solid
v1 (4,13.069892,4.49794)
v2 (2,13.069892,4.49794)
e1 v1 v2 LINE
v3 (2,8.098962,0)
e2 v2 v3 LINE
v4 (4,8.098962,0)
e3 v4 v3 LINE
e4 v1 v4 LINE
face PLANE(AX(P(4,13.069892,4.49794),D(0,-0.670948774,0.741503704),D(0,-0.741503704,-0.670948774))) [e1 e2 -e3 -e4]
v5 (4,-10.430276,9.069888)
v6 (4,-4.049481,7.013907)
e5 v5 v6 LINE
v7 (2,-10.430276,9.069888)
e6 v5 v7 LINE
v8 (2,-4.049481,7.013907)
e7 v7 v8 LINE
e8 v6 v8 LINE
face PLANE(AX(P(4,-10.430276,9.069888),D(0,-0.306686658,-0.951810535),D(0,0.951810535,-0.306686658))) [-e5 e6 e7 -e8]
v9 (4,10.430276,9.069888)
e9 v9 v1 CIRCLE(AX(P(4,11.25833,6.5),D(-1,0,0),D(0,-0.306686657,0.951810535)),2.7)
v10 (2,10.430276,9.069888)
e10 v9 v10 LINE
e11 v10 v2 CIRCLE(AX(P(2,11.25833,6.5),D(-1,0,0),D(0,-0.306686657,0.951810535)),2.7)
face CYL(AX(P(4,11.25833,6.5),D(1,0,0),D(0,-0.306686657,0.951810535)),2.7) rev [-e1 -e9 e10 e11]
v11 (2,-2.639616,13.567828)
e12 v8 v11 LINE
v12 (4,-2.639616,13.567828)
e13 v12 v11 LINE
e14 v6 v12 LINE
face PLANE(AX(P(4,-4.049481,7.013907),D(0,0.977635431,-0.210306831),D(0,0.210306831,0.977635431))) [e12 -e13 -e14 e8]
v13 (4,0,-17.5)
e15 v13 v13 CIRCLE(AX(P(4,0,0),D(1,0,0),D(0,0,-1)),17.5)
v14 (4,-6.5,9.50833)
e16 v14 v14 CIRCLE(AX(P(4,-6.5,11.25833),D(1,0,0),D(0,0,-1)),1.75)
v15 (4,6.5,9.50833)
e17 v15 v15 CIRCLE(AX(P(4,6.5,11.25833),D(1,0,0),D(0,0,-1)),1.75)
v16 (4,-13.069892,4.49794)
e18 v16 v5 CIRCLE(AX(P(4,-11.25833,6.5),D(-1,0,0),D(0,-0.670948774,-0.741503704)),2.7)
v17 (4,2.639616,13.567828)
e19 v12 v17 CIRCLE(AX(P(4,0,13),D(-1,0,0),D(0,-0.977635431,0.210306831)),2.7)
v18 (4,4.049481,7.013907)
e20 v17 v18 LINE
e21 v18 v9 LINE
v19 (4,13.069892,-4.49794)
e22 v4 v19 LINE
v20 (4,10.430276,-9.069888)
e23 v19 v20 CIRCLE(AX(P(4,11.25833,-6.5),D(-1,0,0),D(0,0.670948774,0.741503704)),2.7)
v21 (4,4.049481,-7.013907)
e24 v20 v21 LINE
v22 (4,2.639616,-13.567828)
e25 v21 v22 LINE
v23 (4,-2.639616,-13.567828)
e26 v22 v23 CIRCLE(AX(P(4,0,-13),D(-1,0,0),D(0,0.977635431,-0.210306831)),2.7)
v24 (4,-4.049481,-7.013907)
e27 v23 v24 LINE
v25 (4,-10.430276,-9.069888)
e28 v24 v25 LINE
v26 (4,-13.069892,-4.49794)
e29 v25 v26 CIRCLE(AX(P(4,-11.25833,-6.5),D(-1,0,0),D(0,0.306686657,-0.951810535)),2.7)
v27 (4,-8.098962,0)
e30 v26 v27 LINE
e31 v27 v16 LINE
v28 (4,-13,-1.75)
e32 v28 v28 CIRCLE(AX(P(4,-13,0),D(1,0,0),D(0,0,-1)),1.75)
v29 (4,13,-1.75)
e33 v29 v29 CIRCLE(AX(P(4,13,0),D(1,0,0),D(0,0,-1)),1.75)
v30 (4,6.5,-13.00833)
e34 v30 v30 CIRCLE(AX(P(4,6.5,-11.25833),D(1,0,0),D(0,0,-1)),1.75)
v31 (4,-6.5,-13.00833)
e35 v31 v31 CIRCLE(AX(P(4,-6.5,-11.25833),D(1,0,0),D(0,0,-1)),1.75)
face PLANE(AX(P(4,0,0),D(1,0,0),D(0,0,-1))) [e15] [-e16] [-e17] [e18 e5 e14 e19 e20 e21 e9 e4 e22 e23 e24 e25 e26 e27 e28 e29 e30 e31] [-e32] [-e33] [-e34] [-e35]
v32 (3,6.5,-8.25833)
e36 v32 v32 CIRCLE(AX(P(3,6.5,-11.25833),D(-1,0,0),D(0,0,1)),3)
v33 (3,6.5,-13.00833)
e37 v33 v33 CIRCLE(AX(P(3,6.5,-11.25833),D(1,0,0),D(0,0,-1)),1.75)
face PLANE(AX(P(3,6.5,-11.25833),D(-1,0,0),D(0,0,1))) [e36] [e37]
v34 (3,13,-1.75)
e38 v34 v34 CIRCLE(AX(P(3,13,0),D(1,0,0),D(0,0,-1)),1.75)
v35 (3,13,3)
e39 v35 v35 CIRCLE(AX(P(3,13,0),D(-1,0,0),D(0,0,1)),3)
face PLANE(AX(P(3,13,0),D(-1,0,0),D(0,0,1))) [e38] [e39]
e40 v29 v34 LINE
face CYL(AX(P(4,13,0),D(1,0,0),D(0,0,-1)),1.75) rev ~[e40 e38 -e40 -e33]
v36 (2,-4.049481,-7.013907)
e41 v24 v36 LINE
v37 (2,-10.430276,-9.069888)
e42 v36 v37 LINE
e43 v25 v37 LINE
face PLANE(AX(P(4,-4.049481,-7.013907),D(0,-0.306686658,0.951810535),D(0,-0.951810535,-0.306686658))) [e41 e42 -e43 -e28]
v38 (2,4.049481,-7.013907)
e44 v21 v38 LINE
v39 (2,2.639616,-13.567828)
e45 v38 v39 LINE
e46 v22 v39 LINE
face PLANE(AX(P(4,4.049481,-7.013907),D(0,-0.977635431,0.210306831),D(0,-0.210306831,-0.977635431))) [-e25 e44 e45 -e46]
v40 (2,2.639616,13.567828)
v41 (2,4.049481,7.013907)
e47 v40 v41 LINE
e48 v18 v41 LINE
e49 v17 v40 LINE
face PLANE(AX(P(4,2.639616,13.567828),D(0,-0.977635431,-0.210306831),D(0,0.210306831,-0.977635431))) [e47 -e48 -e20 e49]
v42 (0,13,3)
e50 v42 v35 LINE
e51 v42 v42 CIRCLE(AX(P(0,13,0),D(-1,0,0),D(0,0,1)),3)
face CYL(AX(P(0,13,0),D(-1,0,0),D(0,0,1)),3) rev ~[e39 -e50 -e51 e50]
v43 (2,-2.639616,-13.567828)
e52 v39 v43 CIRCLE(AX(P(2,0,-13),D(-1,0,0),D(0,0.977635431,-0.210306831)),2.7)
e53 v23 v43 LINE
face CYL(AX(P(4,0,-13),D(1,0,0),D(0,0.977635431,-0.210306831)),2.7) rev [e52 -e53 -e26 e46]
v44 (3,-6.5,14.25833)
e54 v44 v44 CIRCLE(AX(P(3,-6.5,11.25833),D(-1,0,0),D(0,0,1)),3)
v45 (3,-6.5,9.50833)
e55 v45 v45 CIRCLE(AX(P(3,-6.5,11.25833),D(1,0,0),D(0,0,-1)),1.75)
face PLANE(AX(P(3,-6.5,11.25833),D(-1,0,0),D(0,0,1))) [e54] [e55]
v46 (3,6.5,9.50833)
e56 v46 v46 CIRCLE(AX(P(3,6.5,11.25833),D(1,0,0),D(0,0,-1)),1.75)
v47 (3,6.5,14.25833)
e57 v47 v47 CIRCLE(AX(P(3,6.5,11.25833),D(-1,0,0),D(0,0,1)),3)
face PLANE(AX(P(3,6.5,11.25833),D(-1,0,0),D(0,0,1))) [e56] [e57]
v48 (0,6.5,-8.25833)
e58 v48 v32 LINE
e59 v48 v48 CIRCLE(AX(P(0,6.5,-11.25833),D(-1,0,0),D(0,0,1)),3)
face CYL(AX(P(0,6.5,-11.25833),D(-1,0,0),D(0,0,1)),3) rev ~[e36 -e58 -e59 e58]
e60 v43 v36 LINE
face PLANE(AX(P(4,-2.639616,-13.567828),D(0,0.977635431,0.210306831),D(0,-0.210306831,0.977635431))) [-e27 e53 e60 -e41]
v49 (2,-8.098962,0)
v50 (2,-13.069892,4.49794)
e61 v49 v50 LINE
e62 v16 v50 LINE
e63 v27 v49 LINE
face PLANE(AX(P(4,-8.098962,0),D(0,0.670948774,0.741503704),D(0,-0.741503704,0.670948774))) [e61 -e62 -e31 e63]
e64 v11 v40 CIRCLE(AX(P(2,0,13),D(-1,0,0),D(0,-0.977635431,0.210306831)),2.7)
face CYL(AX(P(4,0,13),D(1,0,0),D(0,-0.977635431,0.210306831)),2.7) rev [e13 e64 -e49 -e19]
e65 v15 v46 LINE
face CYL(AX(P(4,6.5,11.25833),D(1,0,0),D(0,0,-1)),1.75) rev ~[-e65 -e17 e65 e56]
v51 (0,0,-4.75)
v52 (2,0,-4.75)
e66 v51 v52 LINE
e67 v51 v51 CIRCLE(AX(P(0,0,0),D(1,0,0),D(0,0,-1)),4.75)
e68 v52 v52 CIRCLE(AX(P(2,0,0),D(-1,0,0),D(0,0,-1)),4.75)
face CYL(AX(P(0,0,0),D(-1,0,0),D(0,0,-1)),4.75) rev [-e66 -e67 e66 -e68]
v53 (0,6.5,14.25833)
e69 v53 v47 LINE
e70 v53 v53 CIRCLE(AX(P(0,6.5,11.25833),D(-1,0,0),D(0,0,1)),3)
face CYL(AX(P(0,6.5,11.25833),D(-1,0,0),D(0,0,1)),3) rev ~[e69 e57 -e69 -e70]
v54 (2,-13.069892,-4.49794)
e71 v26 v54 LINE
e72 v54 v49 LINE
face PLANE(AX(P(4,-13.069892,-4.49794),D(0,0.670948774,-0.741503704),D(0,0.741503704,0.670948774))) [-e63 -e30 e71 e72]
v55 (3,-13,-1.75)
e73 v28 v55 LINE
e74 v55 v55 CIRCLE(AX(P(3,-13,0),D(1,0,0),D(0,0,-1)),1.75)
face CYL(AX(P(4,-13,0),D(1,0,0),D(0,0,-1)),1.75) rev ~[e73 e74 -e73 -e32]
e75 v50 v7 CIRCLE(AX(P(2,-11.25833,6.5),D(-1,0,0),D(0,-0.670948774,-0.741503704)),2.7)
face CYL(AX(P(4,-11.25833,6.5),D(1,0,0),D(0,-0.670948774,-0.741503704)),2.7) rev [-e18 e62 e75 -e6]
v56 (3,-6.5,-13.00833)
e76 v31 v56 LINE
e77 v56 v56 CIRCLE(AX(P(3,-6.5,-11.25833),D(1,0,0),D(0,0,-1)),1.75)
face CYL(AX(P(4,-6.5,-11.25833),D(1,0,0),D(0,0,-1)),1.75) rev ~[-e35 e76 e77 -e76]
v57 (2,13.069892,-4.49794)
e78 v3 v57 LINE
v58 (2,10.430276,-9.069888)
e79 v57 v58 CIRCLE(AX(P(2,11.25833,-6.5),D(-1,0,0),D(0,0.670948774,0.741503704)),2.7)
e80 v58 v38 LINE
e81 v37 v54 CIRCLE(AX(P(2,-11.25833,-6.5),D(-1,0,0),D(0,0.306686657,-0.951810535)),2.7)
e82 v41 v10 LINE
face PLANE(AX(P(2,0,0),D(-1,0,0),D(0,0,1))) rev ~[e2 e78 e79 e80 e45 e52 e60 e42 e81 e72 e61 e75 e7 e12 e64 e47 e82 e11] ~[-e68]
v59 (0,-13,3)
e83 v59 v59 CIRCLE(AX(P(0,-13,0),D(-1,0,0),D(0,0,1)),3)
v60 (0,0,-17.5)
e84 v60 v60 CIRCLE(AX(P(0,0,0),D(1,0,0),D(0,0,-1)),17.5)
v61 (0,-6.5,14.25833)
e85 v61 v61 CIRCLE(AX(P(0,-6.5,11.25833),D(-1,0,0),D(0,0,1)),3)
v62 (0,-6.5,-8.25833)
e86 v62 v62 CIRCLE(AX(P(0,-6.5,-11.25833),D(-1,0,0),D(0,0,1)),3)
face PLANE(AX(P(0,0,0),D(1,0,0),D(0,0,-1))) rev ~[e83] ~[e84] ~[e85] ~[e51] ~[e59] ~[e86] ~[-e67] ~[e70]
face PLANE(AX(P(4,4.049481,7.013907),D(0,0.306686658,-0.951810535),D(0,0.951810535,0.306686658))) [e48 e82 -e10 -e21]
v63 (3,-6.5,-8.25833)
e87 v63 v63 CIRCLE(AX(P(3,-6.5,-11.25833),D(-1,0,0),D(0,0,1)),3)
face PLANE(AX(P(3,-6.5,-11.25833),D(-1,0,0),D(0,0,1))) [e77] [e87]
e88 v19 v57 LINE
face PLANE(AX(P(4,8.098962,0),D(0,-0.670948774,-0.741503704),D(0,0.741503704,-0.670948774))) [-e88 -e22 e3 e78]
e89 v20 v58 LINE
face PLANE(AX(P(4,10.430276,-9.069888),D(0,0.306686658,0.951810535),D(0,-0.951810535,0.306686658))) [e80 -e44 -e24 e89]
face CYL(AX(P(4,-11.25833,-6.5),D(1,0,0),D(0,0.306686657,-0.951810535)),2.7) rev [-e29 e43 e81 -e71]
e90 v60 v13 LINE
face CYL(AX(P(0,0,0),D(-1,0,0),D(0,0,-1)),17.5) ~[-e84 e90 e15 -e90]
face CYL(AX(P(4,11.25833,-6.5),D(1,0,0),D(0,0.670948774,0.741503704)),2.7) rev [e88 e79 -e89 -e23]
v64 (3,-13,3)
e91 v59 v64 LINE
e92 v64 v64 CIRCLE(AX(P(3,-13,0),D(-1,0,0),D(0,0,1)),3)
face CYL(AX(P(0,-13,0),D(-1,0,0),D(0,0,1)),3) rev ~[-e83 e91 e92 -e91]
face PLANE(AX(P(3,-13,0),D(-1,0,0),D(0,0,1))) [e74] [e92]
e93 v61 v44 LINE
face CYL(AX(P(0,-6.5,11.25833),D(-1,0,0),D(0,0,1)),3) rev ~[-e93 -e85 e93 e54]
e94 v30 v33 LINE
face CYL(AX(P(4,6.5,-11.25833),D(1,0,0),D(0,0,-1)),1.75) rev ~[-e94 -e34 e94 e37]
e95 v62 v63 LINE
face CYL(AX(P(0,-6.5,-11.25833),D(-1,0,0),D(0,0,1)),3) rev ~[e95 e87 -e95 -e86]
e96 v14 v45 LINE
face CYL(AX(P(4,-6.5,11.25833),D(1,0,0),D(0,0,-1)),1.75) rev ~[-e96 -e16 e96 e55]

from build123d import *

# Parameters (mm, degrees)
SKETCH1_R           = 17.5
SKETCH1_R_2         = 4.75
BOSS_EXTRUDE1_DEPTH = 4
CUT_EXTRUDE1_DEPTH  = 2
SKETCH3_R           = 1.75
CUT_EXTRUDE2_DEPTH  = 26.069902273
SKETCH4_R           = 3
CUT_EXTRUDE3_DEPTH  = 3


with BuildPart() as part:
    # Sketch1 → Boss-Extrude1 (new body)
    with BuildSketch(Plane(origin=(0, 0, 0), x_dir=(0, 0, -1), z_dir=(1, 0, 0))):
        Circle(SKETCH1_R)
        Circle(SKETCH1_R_2, mode=Mode.SUBTRACT)
    extrude(amount=BOSS_EXTRUDE1_DEPTH)

    # Sketch2 → Cut-Extrude1 (cut)
    with BuildSketch(Plane(origin=(4, 0, 0), x_dir=(0, 0, -1), z_dir=(1, 0, 0))):
        with BuildLine():
            Line((13.567828444, -2.639615665), (7.013907066, -4.049481133))
            Line((7.013907066, -4.049481133), (9.069888444, -10.430276274))
            ThreePointArc((9.069888444, -10.430276274), (7.85, -13.596598839), (4.49794, -13.069891939))
            Line((4.49794, -13.069891939), (0, -8.098962266))
            Line((0, -8.098962266), (-4.49794, -13.069891939))
            ThreePointArc((-4.49794, -13.069891939), (-7.85, -13.596598839), (-9.069888444, -10.430276274))
            Line((-9.069888444, -10.430276274), (-7.013907066, -4.049481133))
            Line((-7.013907066, -4.049481133), (-13.567828444, -2.639615665))
            ThreePointArc((-13.567828444, -2.639615665), (-15.7, 0), (-13.567828444, 2.639615665))
            Line((-13.567828444, 2.639615665), (-7.013907066, 4.049481133))
            Line((-7.013907066, 4.049481133), (-9.069888444, 10.430276274))
            ThreePointArc((-9.069888444, 10.430276274), (-7.85, 13.596598839), (-4.49794, 13.069891939))
            Line((-4.49794, 13.069891939), (0, 8.098962266))
            Line((0, 8.098962266), (4.49794, 13.069891939))
            ThreePointArc((4.49794, 13.069891939), (7.85, 13.596598839), (9.069888444, 10.430276274))
            Line((9.069888444, 10.430276274), (7.013907066, 4.049481133))
            Line((7.013907066, 4.049481133), (13.567828444, 2.639615665))
            ThreePointArc((13.567828444, 2.639615665), (15.7, 0), (13.567828444, -2.639615665))
        make_face()
    extrude(amount=-CUT_EXTRUDE1_DEPTH, mode=Mode.SUBTRACT)

    # Sketch3 → Cut-Extrude2 (cut, through all)
    with BuildSketch(Plane(origin=(4, 0, 0), x_dir=(0, 0, -1), z_dir=(1, 0, 0))):
        with Locations((0, 13)):
            Circle(SKETCH3_R)
        with Locations((11.258330249, 6.5)):
            Circle(SKETCH3_R)
        with Locations((11.258330249, -6.5)):
            Circle(SKETCH3_R)
        with Locations((0, -13)):
            Circle(SKETCH3_R)
        with Locations((-11.258330249, -6.5)):
            Circle(SKETCH3_R)
        with Locations((-11.258330249, 6.5)):
            Circle(SKETCH3_R)
    extrude(amount=-CUT_EXTRUDE2_DEPTH, mode=Mode.SUBTRACT)

    # Sketch4 → Cut-Extrude3 (cut)
    with BuildSketch(Plane.ZY):
        with Locations((-11.258330249, 6.5)):
            Circle(SKETCH4_R)
        with Locations((0, 13)):
            Circle(SKETCH4_R)
        with Locations((11.258330249, 6.5)):
            Circle(SKETCH4_R)
        with Locations((11.258330249, -6.5)):
            Circle(SKETCH4_R)
        with Locations((0, -13)):
            Circle(SKETCH4_R)
        with Locations((-11.258330249, -6.5)):
            Circle(SKETCH4_R)
    extrude(amount=-CUT_EXTRUDE3_DEPTH, mode=Mode.SUBTRACT)


solid = part.part
